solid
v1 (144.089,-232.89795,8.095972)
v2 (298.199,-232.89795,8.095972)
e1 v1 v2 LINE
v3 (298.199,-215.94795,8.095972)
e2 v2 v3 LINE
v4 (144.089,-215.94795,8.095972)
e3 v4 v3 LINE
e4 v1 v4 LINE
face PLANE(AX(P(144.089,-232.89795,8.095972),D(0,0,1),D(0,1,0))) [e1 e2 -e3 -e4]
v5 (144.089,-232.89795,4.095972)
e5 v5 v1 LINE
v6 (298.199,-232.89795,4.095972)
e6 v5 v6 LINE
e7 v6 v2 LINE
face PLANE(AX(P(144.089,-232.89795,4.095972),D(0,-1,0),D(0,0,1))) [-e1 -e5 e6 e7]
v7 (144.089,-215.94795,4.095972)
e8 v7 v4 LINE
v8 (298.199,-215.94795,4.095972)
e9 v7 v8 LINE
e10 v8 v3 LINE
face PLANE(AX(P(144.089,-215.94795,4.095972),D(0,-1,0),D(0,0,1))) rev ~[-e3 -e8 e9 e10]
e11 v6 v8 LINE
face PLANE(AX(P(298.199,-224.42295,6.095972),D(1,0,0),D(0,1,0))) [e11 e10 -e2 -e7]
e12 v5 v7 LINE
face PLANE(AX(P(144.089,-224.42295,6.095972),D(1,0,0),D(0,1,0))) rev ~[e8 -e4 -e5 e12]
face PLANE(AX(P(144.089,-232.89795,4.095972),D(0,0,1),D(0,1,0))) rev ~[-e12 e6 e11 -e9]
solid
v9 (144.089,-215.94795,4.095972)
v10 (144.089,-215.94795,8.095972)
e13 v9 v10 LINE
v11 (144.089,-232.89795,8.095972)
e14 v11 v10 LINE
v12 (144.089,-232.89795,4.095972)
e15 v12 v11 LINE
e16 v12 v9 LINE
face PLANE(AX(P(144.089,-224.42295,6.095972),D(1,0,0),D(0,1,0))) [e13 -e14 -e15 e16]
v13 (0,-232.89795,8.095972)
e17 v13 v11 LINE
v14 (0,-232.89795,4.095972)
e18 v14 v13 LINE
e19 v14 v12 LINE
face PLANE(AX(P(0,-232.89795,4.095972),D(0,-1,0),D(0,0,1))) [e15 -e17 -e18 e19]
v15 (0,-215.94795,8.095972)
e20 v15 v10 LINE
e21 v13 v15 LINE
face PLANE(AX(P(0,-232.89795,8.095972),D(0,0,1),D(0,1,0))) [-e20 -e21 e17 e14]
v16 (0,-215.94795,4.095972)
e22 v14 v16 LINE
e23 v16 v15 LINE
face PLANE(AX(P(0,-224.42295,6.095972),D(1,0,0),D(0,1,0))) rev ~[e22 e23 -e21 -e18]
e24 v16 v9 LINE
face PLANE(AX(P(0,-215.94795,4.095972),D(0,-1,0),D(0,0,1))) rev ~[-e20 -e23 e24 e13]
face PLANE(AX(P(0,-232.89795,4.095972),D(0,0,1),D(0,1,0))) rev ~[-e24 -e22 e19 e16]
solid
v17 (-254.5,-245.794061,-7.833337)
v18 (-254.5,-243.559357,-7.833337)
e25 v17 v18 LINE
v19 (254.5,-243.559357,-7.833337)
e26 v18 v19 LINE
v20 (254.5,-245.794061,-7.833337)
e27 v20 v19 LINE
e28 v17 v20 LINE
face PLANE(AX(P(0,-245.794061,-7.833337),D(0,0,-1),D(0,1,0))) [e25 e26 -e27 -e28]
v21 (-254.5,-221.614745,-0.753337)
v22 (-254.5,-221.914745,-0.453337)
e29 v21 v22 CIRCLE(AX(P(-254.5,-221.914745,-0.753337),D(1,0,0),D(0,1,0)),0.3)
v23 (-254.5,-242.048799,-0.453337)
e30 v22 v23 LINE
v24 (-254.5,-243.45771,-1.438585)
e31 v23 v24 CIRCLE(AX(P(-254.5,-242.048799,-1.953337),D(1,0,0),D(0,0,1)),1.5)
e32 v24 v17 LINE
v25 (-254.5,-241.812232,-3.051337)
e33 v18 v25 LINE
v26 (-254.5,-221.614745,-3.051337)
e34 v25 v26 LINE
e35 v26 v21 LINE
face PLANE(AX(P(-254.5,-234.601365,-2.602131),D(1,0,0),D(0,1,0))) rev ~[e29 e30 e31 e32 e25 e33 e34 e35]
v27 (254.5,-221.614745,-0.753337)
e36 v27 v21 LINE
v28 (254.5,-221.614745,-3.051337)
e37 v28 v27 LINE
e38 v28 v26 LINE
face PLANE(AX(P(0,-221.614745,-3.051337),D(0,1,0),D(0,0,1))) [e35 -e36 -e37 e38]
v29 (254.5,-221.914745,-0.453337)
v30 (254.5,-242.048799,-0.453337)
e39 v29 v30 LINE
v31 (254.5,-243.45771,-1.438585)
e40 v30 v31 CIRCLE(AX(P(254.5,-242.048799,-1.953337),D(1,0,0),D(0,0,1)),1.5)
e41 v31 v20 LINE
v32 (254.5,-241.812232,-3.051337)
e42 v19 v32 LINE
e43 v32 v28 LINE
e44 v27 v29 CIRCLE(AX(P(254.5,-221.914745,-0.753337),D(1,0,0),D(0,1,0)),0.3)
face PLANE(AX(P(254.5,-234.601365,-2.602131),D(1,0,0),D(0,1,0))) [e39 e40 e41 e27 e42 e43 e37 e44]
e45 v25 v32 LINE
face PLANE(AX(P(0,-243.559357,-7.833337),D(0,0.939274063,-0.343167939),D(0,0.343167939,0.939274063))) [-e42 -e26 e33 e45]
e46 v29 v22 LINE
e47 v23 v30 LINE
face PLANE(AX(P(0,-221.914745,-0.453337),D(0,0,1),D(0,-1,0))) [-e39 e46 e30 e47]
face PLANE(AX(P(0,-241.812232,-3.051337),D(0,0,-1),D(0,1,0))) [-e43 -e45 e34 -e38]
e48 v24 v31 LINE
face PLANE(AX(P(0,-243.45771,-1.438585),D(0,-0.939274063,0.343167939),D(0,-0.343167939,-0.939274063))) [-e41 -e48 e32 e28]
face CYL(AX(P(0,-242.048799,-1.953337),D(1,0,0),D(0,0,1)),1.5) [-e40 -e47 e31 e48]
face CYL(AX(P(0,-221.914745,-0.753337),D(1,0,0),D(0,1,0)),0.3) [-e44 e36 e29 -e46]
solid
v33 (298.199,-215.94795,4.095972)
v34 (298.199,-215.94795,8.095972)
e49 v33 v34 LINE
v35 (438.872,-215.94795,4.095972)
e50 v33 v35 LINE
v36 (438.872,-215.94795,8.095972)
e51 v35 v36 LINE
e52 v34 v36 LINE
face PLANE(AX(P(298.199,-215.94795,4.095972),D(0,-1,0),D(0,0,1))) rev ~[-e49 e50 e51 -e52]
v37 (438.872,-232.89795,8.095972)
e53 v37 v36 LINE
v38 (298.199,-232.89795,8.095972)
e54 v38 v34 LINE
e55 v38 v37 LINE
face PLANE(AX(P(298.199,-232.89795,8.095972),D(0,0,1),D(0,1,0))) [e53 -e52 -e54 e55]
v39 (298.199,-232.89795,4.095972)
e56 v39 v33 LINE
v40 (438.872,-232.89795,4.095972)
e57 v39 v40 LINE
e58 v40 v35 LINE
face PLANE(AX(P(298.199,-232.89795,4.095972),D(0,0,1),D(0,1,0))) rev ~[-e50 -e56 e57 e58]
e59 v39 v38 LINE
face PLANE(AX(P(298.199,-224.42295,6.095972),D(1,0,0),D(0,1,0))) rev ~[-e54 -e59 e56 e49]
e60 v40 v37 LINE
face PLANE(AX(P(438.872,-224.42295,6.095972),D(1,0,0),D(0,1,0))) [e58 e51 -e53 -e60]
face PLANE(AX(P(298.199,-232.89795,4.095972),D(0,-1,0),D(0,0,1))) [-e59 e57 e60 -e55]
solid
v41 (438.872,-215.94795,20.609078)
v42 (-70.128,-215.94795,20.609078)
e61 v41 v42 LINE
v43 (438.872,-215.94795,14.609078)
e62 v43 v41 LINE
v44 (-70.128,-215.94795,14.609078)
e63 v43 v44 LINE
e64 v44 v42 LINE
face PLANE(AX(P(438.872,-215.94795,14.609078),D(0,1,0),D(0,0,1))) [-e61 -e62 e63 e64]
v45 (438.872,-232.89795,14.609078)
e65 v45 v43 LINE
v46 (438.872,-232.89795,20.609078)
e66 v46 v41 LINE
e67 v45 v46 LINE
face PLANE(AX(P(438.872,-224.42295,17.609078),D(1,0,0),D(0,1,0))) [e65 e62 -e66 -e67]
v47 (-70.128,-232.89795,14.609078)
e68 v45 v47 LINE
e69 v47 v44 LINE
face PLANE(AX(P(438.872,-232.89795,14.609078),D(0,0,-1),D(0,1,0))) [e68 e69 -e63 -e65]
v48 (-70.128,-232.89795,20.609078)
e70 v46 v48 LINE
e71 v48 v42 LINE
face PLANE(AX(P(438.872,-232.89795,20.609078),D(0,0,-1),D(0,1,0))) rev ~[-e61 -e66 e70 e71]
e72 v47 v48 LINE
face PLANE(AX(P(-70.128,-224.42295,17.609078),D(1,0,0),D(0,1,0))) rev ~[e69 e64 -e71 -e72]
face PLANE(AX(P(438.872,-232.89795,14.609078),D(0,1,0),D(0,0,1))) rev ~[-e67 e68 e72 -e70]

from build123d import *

# Parameters (mm, degrees)
F1_DEPTH = 254.5
F2_W     = 16.95
F2_H     = 4
F3_DEPTH = 144.089
F4_DEPTH = 154.11
F5_DEPTH = 140.673
F6_W     = 16.95
F6_H     = 6
F7_DEPTH = 509


with BuildPart() as f1:
    # F0 (on Right) → F1 (new body, symmetric)
    with BuildSketch(Plane.YZ):
        with BuildLine():
            Line((-221.9147454425, -0.4533372252), (-242.0487991016, -0.4533372252))
            ThreePointArc((-242.0487991016, -0.4533372252), (-242.9084130084, -0.7240838212), (-243.4577101963, -1.4385853169))
            Line((-243.4577101963, -1.4385853169), (-245.7940611276, -7.8333372252))
            Line((-245.7940611276, -7.8333372252), (-243.5593566017, -7.8333372252))
            Line((-243.5593566017, -7.8333372252), (-241.8122317228, -3.0513372252))
            Line((-241.8122317228, -3.0513372252), (-221.6147454425, -3.0513372252))
            Line((-221.6147454425, -3.0513372252), (-221.6147454425, -0.7533372252))
            ThreePointArc((-221.6147454425, -0.7533372252), (-221.7026134081, -0.5412051909), (-221.9147454425, -0.4533372252))
        make_face()
    extrude(amount=F1_DEPTH, both=True)


with BuildPart() as f3:
    # F2 (on Right) → F3 (new body)
    with BuildSketch(Plane.YZ):
        with Locations((-224.4229500501, 6.0959723778)):
            Rectangle(F2_W, F2_H)
    extrude(amount=F3_DEPTH)


with BuildPart() as f4:
    # F4 (new): a face of the model
    f4_faces = [f3.part.faces().sort_by_distance(p)[0] for p in [
        (144.089, -224.4229500501, 6.0959723778),
    ]]
    extrude(f4_faces, amount=F4_DEPTH)


with BuildPart() as f5:
    # F5 (new): a face of the model
    f5_faces = [f4.part.faces().sort_by_distance(p)[0] for p in [
        (298.199, -224.4229500501, 6.0959723778),
    ]]
    extrude(f5_faces, amount=F5_DEPTH)


with BuildPart() as f7:
    # F6 (on face) → F7 (new body)
    with BuildSketch(Plane.YZ.offset(438.872)):
        with Locations((-224.4229500501, 17.6090779454)):
            Rectangle(F6_W, F6_H)
    extrude(amount=-F7_DEPTH)


solid = Compound([f1.part, f3.part, f4.part, f5.part, f7.part])
